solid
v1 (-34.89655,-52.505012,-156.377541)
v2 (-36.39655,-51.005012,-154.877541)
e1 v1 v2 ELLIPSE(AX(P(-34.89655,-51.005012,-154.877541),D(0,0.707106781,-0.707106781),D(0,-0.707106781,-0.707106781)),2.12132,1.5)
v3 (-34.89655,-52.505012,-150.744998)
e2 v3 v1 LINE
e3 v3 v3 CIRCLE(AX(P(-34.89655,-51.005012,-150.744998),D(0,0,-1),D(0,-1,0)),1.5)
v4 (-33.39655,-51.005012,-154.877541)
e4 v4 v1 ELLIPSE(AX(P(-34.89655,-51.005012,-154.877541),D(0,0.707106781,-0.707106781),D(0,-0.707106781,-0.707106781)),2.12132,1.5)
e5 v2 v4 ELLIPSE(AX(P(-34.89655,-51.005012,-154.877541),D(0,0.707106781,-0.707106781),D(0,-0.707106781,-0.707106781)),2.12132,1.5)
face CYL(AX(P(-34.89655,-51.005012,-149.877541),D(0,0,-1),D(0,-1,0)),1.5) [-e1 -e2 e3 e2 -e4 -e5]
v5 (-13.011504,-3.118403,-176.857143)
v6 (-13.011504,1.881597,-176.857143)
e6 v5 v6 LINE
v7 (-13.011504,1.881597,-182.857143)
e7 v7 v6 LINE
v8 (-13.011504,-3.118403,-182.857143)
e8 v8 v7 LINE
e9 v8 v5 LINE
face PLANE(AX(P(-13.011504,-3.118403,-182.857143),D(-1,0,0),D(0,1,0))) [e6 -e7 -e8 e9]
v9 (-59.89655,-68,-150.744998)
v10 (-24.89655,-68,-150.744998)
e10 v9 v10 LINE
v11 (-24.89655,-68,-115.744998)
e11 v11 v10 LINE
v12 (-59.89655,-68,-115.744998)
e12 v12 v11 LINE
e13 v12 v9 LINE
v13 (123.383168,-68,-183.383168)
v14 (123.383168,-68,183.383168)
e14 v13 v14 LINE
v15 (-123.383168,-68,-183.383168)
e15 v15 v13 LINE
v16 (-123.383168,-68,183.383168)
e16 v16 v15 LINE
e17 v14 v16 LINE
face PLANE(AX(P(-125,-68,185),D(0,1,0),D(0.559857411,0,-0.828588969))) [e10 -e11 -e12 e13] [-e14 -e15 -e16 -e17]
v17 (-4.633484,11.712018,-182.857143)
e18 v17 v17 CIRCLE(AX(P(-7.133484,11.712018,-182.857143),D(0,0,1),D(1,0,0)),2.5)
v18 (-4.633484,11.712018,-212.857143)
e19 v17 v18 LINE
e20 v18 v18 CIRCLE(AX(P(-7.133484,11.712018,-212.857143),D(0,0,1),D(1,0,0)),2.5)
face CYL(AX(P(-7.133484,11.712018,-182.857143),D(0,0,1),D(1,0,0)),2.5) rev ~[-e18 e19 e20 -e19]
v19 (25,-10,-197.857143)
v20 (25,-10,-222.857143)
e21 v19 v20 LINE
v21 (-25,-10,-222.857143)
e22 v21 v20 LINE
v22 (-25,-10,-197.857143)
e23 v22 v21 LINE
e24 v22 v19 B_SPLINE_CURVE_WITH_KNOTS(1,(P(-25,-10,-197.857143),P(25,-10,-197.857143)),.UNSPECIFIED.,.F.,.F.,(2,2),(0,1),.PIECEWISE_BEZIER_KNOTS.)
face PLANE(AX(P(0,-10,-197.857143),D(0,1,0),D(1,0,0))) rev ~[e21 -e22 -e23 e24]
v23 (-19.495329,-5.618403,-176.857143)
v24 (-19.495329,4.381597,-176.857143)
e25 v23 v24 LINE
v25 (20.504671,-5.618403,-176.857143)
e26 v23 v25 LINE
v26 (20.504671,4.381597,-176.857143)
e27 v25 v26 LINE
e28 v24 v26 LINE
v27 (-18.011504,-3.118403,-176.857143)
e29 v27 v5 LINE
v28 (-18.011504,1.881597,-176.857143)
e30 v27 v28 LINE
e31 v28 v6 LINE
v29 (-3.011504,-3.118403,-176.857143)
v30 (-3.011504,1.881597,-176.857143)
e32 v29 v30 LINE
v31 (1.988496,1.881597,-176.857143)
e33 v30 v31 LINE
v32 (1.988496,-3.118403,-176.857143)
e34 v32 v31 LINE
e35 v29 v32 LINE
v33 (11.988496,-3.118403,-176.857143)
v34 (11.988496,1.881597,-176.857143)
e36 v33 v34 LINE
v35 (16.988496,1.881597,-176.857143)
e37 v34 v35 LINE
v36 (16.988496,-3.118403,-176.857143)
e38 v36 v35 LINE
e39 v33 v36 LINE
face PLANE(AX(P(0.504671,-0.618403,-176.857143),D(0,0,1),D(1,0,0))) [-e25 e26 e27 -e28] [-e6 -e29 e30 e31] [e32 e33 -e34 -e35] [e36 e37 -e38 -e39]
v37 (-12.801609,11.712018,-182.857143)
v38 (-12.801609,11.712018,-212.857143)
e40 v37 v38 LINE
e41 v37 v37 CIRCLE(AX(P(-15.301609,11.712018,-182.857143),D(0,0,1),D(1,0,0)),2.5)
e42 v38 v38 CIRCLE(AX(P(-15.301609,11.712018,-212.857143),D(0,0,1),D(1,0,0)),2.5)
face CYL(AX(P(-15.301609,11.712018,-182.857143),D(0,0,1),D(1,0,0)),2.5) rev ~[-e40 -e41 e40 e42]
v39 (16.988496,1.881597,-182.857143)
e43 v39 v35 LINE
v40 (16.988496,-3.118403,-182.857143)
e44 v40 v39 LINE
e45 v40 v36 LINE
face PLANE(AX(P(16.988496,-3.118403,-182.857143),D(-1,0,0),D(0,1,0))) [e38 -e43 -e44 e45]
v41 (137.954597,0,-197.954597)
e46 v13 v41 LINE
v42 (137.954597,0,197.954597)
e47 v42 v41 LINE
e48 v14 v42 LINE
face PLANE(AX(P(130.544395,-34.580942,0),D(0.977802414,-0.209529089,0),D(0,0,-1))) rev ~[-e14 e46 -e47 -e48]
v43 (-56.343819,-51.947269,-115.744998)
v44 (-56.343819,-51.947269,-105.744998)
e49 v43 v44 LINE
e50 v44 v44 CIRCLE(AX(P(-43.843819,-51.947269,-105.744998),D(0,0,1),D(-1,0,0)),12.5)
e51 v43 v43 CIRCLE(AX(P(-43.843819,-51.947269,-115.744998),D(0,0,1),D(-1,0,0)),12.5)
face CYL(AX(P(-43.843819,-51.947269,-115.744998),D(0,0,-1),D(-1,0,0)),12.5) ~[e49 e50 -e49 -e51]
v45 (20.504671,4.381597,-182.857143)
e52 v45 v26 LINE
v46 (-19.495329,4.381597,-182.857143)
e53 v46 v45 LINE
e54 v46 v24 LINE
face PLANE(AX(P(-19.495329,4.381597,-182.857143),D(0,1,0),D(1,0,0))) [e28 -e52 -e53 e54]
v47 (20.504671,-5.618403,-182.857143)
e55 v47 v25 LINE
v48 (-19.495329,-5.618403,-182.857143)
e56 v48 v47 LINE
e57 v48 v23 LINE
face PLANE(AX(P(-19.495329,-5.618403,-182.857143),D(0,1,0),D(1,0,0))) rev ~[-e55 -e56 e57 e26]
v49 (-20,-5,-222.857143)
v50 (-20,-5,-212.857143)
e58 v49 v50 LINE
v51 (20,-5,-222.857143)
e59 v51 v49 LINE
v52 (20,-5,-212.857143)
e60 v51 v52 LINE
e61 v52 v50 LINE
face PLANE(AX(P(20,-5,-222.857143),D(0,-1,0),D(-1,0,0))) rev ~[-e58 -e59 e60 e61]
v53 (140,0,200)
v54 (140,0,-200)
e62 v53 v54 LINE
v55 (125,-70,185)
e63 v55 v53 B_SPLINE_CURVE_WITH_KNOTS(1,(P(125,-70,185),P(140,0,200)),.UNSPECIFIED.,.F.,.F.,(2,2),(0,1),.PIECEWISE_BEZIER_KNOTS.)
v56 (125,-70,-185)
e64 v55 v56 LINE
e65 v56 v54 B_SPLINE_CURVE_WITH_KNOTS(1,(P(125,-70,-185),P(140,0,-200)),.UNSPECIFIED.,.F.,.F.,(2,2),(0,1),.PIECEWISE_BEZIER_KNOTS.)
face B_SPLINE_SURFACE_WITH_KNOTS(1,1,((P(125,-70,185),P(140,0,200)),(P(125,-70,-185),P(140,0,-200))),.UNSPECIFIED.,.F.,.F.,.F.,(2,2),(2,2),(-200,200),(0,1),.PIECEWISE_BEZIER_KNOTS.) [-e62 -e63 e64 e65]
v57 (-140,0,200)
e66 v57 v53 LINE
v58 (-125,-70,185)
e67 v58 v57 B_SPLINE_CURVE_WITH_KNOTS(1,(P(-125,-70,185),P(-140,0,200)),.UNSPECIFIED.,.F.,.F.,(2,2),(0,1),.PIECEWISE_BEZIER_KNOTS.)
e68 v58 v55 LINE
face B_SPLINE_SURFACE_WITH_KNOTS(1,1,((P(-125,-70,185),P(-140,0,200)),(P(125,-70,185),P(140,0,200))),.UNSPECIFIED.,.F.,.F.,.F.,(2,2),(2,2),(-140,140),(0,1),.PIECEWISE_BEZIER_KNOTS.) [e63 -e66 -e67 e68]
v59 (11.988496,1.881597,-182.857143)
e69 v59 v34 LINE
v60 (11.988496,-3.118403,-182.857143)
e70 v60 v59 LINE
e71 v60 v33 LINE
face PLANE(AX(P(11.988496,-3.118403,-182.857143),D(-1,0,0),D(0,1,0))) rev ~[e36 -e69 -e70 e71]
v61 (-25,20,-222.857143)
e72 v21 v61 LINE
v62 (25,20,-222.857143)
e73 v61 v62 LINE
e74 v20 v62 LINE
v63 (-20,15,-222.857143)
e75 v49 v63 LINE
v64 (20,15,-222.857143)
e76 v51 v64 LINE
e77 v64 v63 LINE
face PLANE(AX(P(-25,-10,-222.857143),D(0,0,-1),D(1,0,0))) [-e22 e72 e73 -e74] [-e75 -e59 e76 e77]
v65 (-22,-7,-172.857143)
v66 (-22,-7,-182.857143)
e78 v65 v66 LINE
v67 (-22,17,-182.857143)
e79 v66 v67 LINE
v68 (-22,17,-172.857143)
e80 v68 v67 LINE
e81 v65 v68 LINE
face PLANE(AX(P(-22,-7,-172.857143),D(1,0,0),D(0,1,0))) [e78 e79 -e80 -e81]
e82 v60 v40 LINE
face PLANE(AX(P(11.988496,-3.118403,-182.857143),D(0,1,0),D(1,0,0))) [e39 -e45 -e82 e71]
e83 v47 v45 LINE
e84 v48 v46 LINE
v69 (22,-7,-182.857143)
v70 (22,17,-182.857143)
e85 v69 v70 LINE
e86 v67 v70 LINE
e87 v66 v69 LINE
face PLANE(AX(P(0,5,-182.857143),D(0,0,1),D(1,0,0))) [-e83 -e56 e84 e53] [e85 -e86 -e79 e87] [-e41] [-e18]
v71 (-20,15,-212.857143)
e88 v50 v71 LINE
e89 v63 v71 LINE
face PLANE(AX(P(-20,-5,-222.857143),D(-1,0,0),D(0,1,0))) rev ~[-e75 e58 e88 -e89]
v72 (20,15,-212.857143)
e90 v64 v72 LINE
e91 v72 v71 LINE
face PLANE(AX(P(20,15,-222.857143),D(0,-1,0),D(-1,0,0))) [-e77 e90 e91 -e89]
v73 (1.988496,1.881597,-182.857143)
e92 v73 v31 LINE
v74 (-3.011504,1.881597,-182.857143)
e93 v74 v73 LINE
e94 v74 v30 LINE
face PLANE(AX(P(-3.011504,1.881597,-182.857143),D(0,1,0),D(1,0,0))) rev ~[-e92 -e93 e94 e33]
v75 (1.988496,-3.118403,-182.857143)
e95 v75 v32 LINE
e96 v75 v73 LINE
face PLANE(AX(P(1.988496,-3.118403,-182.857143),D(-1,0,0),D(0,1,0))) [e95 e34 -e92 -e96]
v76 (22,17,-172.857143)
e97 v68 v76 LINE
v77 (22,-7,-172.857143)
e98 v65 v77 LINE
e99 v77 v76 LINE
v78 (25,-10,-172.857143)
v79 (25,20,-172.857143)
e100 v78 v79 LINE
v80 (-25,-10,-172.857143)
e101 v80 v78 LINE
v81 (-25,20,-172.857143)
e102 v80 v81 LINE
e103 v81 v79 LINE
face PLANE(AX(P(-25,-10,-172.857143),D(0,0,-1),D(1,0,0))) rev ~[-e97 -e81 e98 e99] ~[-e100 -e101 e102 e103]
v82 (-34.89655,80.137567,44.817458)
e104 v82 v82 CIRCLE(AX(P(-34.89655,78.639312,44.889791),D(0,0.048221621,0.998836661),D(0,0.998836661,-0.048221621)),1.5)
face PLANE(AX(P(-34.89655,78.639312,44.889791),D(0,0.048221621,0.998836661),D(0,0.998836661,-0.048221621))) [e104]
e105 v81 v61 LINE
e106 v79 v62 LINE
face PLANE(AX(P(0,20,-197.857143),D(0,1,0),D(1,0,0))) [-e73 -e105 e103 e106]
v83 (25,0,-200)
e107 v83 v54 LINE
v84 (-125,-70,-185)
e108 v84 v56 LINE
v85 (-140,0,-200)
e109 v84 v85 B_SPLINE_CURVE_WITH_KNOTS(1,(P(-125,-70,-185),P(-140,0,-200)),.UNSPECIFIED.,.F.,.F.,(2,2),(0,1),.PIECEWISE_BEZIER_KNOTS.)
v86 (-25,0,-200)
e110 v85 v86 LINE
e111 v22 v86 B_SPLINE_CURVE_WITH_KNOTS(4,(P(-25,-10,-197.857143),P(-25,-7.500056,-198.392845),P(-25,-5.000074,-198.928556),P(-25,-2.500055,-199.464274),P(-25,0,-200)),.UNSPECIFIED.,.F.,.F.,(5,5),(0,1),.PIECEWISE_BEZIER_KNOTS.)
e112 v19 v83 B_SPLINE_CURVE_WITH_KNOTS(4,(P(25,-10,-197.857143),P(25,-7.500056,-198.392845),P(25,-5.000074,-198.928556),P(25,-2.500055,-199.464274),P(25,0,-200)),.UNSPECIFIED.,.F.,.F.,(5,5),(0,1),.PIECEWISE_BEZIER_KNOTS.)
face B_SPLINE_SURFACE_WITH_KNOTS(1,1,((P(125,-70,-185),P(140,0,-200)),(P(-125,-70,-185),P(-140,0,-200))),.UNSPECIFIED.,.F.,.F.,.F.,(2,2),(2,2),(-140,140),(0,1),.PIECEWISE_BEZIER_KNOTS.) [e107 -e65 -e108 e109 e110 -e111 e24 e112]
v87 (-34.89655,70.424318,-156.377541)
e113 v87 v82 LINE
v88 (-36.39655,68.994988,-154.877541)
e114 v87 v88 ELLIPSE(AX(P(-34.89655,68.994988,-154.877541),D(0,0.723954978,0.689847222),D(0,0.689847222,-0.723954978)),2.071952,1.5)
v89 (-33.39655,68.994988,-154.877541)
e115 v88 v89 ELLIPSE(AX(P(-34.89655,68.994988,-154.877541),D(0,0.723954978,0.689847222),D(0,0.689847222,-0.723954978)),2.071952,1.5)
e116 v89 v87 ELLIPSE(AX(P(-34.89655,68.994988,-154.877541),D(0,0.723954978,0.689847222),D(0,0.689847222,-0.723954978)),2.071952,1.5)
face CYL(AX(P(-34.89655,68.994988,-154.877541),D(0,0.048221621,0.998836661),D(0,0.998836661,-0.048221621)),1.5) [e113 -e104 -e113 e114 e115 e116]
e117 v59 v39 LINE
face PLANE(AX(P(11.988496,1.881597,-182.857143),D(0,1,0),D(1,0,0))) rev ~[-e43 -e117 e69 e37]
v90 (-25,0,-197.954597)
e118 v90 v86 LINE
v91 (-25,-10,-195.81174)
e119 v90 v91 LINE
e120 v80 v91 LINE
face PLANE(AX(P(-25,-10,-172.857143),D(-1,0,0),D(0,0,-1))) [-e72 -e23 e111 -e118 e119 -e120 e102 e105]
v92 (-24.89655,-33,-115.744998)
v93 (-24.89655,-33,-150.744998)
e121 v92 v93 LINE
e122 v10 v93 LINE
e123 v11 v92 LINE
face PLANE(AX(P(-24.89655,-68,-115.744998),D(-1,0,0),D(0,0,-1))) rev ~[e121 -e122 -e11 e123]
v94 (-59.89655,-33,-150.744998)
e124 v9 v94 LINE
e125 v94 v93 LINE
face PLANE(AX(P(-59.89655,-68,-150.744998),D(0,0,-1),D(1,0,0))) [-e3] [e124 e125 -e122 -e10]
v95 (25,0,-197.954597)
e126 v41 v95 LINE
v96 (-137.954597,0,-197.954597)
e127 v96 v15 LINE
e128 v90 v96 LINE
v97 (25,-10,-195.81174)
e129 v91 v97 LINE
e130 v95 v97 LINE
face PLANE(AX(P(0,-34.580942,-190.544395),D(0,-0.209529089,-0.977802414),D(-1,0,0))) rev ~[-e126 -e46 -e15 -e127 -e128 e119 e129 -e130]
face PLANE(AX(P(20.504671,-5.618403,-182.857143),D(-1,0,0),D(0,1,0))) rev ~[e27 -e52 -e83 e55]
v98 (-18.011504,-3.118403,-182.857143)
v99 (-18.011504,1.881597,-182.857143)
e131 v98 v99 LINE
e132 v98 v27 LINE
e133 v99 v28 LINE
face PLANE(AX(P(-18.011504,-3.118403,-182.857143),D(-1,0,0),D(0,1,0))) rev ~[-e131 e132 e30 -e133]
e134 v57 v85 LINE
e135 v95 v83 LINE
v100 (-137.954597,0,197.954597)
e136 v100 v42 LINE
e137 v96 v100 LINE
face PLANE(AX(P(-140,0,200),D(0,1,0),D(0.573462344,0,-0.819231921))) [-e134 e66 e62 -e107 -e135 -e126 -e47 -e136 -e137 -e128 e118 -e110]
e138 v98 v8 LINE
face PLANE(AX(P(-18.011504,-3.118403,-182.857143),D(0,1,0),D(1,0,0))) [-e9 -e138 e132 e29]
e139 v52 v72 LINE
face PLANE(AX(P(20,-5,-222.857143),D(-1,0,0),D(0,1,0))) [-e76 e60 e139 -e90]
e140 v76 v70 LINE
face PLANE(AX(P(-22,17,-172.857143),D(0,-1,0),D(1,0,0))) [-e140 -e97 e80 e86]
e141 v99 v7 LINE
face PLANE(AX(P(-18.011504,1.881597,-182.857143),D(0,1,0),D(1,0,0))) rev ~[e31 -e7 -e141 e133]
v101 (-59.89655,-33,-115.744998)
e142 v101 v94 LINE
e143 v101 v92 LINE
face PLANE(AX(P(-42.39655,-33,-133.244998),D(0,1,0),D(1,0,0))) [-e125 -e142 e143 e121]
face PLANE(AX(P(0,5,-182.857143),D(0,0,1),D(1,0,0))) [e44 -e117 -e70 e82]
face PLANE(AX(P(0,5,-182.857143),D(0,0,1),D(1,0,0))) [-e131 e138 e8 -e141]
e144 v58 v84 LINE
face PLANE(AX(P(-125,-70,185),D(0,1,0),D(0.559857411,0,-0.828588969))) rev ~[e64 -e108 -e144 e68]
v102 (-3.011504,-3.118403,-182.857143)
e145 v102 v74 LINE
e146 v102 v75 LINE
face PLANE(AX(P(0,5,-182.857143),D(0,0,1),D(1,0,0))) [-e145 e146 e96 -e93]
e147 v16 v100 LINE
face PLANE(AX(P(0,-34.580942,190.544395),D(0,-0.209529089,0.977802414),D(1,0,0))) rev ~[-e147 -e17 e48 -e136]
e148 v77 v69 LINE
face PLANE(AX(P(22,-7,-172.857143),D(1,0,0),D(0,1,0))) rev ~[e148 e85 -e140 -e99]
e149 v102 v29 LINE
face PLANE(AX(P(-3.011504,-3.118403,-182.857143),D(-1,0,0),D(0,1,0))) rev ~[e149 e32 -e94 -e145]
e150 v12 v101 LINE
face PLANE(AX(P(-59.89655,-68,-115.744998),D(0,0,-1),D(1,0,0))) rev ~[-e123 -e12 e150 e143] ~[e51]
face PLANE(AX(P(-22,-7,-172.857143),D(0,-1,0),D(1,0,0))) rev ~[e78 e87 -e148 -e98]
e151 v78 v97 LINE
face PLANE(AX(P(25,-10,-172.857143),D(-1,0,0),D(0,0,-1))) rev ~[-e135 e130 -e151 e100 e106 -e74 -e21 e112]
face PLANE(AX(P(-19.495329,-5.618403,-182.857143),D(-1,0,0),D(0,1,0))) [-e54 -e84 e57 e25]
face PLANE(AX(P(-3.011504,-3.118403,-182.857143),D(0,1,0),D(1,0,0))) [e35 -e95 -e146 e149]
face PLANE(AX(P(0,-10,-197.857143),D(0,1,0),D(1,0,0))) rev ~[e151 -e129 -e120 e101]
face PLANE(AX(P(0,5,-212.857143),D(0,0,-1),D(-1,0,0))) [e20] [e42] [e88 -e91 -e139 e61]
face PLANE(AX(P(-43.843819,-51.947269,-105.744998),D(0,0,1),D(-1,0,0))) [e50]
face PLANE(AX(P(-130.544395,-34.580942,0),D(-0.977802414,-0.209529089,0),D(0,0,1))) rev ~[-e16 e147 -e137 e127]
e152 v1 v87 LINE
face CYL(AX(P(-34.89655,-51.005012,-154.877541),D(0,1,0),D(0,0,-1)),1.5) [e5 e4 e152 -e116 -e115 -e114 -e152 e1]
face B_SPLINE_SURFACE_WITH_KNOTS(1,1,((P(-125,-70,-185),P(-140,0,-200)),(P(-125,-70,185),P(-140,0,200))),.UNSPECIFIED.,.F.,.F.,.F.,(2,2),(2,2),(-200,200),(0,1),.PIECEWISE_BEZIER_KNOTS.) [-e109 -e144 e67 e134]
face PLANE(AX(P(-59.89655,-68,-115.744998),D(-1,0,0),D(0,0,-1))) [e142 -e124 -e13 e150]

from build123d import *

# Parameters (mm, degrees)
SKETCH2_W           = 250
SKETCH2_H           = 370
SKETCH1_W           = 280
SKETCH1_H           = 400
SHELL1_T            = -2
SKETCH3_W           = 50
SKETCH3_H           = 50
CUT_EXTRUDE1_DEPTH  = 10
SKETCH4_W           = 50
SKETCH4_H           = 50
BOSS_EXTRUDE2_DEPTH = 30
SKETCH6_W           = 44
SKETCH6_H           = 24
CUT_EXTRUDE2_DEPTH  = 10
SKETCH7_W           = 40
SKETCH7_H           = 20
CUT_EXTRUDE3_DEPTH  = 10
SKETCH8_R           = 2.5
CUT_EXTRUDE4_DEPTH  = 60
SKETCH9_W           = 40
SKETCH9_H           = 10
SKETCH9_W_2         = 5
SKETCH9_H_2         = 5
BOSS_EXTRUDE3_DEPTH = 6
SKETCH10_W          = 35
SKETCH10_H          = 35
BOSS_EXTRUDE5_DEPTH = 35
SKETCH11_R          = 12.5
BOSS_EXTRUDE6_DEPTH = 10
SWEEP1_PROFILE_R    = 1.5


with BuildPart() as part:
    # Sketch2 → Loft1 section 0
    with BuildSketch(Plane(origin=(0, -70, 0), x_dir=(1, 0, 0), z_dir=(0, 1, 0))):
        Rectangle(SKETCH2_W, SKETCH2_H)
    # Sketch1 → Loft1 section 1
    with BuildSketch(Plane(origin=(0, 0, 0), x_dir=(1, 0, 0), z_dir=(0, 1, 0))):
        Rectangle(SKETCH1_W, SKETCH1_H)
    loft()

    # Shell1
    shell1_openings = [part.faces().sort_by_distance(p)[0] for p in [
        (0, 0, 0),
    ]]
    offset(amount=SHELL1_T, openings=shell1_openings, kind=Kind.INTERSECTION)

    # Sketch3 → Cut-Extrude1 (cut)
    with BuildSketch(Plane(origin=(0, 0, 0), x_dir=(1, 0, 0), z_dir=(0, 1, 0))):
        with Locations((0, 200)):
            Rectangle(SKETCH3_W, SKETCH3_H)
    extrude(amount=-CUT_EXTRUDE1_DEPTH, mode=Mode.SUBTRACT)



with BuildPart() as body_2:
    # Sketch4 → Boss-Extrude2 (new body)
    with BuildSketch(Plane(origin=(0, -10, 0), x_dir=(1, 0, 0), z_dir=(0, 1, 0))):
        with Locations((0, 197.857142857)):
            Rectangle(SKETCH4_W, SKETCH4_H)
    extrude(amount=BOSS_EXTRUDE2_DEPTH)

    # Sketch6 → Cut-Extrude2 (cut)
    with BuildSketch(Plane.XY.offset(-172.857142857)):
        with Locations((0, 5)):
            Rectangle(SKETCH6_W, SKETCH6_H)
    extrude(amount=-CUT_EXTRUDE2_DEPTH, mode=Mode.SUBTRACT)

    # Sketch7 → Cut-Extrude3 (cut)
    with BuildSketch(Plane(origin=(0, 0, -222.857142857), x_dir=(-1, 0, 0), z_dir=(0, 0, -1))):
        with Locations((0, 5)):
            Rectangle(SKETCH7_W, SKETCH7_H)
    extrude(amount=-CUT_EXTRUDE3_DEPTH, mode=Mode.SUBTRACT)

    # Sketch8 → Cut-Extrude4 (cut)
    with BuildSketch(Plane.XY.offset(-182.857142857)):
        with Locations((-15.301608644, 11.712017977)):
            Circle(SKETCH8_R)
        with Locations((-7.133483514, 11.712017977)):
            Circle(SKETCH8_R)
    extrude(amount=-CUT_EXTRUDE4_DEPTH, mode=Mode.SUBTRACT)


with BuildPart() as part_1:
    add(part.part)

    add(body_2.part)  # Boss-Extrude3 merges body 2
    # Sketch9 → Boss-Extrude3 (add)
    with BuildSketch(Plane.XY.offset(-182.857142857)):
        with Locations((0.504671377, -0.618402812)):
            Rectangle(SKETCH9_W, SKETCH9_H)
        with Locations((-15.511503932, -0.618402812)):
            Rectangle(SKETCH9_W_2, SKETCH9_H_2, mode=Mode.SUBTRACT)
        with Locations((-0.511503932, -0.618402812)):
            Rectangle(SKETCH9_W_2, SKETCH9_H_2, mode=Mode.SUBTRACT)
        with Locations((14.488496068, -0.618402812)):
            Rectangle(SKETCH9_W_2, SKETCH9_H_2, mode=Mode.SUBTRACT)
    extrude(amount=BOSS_EXTRUDE3_DEPTH)



with BuildPart() as body_2_2:
    # Sketch10 → Boss-Extrude5 (new body)
    with BuildSketch(Plane(origin=(0, -68, 0), x_dir=(1, 0, 0), z_dir=(0, 1, 0))):
        with Locations((-42.39654967, 133.244997545)):
            Rectangle(SKETCH10_W, SKETCH10_H)
    extrude(amount=BOSS_EXTRUDE5_DEPTH)


with BuildPart() as part_2:
    add(part_1.part)

    add(body_2_2.part)  # Boss-Extrude6 merges body 2 2
    # Sketch11 → Boss-Extrude6 (add)
    with BuildSketch(Plane.XY.offset(-115.744997545)):
        with Locations(Location((-43.843818636, -51.947268965, 0), (0, 0, 180))):  # turned: the seam where the file's is
            Circle(SKETCH11_R)
    extrude(amount=BOSS_EXTRUDE6_DEPTH)

    # Sweep1: sweep along a path in Sketch12
    with BuildLine(Plane.ZY.offset(34.89654967)) as sweep1_path:
        Line((-149.877541463, -51.005012101), (-154.877541463, -51.005012101))
        Line((-154.877541463, -51.005012101), (-154.877541463, 68.994987899))
        Line((-154.877541463, 68.994987899), (44.889790726, 78.639312125))
    # Sweep1 profile (on start of the path) → Sweep1 (sweep)
    with BuildSketch(Plane(origin=(-34.89654967, -51.005012101, -149.877541463), x_dir=(0, -1, 0), z_dir=(0, 0, -1))):
        Circle(SWEEP1_PROFILE_R)
    sweep(path=sweep1_path.line, transition=Transition.RIGHT)


solid = part_2.part
